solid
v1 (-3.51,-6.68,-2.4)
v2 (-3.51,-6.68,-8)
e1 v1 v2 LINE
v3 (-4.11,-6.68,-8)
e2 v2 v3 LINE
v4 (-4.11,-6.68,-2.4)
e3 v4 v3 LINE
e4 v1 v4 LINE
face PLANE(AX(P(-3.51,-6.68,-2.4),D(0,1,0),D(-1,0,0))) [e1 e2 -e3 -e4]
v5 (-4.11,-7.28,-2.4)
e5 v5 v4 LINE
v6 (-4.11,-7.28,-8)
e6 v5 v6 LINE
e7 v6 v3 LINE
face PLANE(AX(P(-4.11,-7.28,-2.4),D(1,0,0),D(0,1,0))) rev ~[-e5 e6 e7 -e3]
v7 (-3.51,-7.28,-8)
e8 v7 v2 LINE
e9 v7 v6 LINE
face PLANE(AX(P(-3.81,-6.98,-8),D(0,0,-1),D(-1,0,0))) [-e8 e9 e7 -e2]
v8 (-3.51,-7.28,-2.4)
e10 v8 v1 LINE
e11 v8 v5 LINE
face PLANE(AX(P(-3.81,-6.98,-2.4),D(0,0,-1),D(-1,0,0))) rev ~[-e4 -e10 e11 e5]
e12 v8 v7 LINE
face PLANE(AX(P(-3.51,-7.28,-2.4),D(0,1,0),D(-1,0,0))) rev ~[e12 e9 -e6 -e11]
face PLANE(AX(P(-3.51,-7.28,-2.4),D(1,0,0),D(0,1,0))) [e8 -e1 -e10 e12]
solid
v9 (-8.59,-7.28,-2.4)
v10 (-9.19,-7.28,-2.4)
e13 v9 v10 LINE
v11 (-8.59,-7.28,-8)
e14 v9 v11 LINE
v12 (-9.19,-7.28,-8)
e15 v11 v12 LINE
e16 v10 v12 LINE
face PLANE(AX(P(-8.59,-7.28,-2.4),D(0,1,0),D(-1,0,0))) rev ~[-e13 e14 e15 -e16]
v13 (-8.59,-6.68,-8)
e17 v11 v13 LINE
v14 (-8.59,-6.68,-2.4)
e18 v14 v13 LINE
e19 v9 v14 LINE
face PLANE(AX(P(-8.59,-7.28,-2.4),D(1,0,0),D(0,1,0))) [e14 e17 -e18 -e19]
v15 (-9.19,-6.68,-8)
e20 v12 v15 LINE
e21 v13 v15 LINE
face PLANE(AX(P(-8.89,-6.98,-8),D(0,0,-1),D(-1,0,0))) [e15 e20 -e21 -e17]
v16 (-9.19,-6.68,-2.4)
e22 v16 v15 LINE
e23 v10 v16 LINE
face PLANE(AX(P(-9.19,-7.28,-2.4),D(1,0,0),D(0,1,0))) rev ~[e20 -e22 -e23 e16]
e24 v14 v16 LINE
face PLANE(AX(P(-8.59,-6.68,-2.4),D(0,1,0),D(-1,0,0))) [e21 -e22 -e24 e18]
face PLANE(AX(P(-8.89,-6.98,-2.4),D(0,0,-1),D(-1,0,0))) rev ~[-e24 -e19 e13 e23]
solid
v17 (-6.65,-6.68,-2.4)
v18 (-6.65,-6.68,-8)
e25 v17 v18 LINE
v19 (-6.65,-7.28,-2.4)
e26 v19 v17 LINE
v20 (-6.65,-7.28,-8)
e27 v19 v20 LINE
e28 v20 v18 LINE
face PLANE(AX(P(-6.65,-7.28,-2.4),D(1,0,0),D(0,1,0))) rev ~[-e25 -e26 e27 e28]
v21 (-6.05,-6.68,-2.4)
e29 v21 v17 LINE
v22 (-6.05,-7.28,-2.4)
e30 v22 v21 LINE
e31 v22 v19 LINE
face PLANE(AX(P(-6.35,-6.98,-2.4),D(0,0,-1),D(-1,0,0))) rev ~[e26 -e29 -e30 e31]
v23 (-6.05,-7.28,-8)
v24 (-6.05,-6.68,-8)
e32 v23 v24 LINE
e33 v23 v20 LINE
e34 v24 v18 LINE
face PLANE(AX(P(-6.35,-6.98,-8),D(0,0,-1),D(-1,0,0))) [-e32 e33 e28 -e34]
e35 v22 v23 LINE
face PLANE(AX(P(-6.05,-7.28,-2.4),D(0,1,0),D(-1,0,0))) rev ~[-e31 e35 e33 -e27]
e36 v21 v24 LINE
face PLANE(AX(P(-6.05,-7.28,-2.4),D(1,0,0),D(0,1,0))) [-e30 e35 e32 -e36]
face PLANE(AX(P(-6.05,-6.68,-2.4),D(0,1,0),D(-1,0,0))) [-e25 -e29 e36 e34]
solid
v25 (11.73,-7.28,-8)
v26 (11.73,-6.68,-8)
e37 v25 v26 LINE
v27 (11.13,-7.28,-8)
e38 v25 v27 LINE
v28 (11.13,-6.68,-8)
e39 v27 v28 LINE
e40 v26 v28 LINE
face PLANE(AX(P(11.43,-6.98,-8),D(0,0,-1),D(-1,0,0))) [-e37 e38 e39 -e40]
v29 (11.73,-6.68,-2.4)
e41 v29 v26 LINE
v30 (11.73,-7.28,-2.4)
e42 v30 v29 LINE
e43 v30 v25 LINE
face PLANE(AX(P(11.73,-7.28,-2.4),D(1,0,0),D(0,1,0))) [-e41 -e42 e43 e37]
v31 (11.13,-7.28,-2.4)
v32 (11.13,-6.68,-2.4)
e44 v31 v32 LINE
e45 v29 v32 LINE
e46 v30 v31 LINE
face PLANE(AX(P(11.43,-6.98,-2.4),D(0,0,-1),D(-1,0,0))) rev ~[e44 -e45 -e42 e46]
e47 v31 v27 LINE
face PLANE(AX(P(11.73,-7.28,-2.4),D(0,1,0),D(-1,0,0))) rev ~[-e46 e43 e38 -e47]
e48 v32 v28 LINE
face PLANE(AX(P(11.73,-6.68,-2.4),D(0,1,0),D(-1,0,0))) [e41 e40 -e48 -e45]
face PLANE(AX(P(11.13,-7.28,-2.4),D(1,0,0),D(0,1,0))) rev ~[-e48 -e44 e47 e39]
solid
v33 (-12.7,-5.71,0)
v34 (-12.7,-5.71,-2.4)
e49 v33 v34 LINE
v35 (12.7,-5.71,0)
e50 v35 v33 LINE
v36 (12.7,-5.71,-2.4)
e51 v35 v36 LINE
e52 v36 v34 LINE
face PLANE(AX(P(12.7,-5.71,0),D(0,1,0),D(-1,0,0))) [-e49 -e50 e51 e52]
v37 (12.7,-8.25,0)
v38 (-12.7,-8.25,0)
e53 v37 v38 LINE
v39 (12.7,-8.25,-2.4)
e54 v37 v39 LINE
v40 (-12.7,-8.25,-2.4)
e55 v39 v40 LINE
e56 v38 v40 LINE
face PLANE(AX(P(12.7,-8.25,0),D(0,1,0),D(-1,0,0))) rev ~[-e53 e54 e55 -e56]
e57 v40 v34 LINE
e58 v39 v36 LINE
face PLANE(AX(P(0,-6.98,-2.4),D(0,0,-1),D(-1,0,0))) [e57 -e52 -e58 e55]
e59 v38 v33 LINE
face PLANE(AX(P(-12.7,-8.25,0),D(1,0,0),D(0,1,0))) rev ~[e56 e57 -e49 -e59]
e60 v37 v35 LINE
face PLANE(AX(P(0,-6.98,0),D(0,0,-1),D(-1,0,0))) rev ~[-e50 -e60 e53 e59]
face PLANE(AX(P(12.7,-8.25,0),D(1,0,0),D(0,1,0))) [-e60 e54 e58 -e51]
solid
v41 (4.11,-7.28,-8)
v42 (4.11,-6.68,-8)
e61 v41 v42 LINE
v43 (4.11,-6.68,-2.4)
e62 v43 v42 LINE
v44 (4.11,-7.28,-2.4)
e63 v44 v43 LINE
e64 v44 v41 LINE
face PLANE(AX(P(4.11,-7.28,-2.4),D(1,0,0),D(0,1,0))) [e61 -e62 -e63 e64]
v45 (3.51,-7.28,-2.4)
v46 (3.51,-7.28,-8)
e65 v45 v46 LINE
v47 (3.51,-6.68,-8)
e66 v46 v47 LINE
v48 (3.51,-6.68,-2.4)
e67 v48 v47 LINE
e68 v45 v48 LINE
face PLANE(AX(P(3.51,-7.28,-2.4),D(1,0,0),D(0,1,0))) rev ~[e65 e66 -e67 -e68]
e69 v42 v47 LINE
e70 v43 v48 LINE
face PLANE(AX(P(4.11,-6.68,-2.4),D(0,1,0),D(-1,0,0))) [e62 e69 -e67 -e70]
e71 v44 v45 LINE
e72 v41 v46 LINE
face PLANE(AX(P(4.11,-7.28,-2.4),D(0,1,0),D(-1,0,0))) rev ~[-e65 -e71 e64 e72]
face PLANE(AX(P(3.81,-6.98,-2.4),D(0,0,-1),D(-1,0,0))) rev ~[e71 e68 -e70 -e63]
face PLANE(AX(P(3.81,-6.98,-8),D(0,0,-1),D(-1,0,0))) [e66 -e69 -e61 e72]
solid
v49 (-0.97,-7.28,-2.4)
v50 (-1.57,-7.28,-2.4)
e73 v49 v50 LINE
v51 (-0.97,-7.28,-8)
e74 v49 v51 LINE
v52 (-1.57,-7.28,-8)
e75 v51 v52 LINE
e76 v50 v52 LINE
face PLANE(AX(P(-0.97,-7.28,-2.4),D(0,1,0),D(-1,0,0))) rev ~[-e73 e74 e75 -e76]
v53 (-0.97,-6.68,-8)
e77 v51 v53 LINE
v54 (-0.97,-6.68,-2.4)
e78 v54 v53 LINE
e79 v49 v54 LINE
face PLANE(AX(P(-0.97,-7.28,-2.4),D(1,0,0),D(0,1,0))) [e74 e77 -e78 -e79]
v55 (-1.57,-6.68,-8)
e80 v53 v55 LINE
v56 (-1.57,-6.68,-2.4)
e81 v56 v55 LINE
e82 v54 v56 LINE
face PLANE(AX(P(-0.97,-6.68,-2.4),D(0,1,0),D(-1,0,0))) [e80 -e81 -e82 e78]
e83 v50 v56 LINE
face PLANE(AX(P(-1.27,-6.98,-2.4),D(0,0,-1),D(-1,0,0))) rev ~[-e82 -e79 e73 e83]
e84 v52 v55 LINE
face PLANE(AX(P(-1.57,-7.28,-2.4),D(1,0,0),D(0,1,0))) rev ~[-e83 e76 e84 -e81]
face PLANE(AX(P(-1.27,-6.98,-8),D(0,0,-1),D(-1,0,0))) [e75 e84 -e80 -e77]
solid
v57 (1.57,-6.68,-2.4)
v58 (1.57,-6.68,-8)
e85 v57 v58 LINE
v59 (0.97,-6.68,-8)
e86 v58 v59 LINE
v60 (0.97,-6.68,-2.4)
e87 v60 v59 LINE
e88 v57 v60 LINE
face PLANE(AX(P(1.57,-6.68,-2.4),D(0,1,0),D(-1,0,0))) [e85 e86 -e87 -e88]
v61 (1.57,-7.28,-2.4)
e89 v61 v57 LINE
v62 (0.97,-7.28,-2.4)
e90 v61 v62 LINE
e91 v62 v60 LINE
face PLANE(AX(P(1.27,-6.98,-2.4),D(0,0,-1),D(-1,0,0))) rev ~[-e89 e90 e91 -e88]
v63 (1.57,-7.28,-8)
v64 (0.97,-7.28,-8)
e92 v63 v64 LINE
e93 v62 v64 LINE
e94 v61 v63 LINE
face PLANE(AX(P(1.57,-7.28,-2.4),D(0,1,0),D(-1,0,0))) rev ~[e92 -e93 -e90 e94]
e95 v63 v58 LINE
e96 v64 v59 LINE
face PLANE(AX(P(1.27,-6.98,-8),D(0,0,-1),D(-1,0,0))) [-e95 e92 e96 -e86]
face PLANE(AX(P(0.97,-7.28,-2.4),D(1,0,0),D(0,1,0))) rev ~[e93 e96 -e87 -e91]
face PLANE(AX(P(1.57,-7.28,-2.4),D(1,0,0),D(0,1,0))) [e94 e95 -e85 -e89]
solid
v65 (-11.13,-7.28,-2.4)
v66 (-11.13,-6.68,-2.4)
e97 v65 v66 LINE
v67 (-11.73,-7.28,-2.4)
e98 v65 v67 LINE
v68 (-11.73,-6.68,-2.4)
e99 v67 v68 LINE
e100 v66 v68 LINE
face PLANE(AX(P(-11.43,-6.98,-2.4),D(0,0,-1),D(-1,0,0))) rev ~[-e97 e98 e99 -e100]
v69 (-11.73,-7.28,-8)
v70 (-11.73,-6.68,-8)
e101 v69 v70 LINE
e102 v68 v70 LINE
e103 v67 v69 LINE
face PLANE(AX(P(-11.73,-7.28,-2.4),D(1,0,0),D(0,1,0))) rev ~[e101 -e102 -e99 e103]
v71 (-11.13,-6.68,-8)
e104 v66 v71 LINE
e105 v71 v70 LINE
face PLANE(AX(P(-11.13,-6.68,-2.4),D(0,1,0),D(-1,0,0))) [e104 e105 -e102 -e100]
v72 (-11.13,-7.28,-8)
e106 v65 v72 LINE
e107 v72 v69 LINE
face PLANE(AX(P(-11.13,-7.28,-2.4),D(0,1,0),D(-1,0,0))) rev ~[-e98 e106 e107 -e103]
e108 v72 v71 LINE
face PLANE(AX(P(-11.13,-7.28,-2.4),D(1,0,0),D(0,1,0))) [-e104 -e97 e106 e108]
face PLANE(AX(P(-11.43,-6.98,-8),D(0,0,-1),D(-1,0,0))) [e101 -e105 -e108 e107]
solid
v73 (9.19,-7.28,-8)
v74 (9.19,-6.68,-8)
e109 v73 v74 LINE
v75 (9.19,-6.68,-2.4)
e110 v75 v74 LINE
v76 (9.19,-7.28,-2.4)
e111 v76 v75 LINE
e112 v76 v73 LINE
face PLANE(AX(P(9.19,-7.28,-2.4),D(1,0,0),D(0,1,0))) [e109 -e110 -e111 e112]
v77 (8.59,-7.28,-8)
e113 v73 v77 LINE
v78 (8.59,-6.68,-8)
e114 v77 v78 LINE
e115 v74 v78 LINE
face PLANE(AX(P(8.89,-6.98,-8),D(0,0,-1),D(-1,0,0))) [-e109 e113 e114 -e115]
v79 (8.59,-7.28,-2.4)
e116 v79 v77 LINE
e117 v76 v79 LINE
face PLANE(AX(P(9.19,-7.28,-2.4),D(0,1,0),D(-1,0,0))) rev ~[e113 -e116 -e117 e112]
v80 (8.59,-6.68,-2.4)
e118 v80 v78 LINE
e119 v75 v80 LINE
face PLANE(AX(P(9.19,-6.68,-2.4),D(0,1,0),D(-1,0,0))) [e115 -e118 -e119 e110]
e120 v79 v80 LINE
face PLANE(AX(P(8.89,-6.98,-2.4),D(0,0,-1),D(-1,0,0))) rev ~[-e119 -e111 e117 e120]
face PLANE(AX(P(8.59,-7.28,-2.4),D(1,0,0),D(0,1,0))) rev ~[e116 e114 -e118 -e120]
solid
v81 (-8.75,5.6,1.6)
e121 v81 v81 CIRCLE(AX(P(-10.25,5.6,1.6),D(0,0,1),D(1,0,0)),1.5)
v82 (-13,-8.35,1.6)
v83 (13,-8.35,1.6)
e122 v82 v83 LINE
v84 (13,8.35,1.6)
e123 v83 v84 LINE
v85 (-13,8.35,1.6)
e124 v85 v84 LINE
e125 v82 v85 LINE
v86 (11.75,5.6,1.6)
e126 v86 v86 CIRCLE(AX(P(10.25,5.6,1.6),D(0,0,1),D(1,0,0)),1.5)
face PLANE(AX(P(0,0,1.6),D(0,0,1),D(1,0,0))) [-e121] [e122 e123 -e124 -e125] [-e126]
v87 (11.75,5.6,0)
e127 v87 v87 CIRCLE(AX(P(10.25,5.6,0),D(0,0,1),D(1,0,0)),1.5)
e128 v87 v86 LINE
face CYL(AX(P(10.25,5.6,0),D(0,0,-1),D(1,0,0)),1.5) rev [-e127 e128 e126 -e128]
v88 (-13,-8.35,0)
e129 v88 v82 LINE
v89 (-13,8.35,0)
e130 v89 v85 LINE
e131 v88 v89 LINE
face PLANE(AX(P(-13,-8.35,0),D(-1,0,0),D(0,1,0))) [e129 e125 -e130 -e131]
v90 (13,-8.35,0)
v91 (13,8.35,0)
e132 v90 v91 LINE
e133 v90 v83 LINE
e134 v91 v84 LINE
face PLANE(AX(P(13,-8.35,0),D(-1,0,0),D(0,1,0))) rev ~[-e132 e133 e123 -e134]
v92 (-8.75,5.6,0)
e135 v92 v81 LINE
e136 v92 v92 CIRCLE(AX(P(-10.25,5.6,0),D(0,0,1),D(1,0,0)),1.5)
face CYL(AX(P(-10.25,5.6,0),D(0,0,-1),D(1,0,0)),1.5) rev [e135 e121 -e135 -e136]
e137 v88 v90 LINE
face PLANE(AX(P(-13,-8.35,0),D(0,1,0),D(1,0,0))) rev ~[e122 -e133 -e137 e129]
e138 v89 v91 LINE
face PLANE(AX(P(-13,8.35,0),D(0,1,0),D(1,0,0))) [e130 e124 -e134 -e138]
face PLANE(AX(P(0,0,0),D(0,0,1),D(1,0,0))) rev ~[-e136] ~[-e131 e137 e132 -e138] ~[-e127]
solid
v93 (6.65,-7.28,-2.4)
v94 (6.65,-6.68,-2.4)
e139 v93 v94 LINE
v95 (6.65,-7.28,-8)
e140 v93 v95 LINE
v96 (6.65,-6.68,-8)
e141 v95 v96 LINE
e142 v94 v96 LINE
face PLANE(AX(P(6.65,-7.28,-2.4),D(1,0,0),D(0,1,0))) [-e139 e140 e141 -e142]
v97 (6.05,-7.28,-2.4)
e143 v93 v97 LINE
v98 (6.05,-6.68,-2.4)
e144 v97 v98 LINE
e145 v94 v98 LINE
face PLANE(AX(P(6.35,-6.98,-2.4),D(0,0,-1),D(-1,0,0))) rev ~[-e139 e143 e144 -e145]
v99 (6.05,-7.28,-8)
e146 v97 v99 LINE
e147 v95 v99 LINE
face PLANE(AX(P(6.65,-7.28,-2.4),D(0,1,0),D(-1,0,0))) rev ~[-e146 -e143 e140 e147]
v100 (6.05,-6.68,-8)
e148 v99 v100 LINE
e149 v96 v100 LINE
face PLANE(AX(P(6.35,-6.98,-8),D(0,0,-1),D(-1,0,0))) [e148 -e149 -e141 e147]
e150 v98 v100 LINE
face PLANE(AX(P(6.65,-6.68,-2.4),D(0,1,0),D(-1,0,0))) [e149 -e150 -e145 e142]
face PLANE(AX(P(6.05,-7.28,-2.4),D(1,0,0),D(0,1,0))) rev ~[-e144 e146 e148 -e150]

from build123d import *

# Parameters (mm, degrees)
SKIZZE1_W                          = 26
SKIZZE1_H                          = 16.7
SKIZZE1_R                          = 1.5
AUFSATZ_LINEAR_AUSTRAGEN1_DEPTH    = 1.6
SKIZZE3_W                          = 25.4
SKIZZE3_H                          = 2.54
AUFSATZ_LINEAR_AUSTRAGEN2_DEPTH    = 2.4
SKIZZE4_W                          = 0.6
SKIZZE4_H                          = 0.6
AUFSATZ_LINEAR_AUSTRAGEN3_DEPTH    = 5.6
AUFSATZ_LINEAR_AUSTRAGEN3_2_DEPTH  = 5.6
AUFSATZ_LINEAR_AUSTRAGEN3_3_DEPTH  = 5.6
AUFSATZ_LINEAR_AUSTRAGEN3_4_DEPTH  = 5.6
AUFSATZ_LINEAR_AUSTRAGEN3_5_DEPTH  = 5.6
AUFSATZ_LINEAR_AUSTRAGEN3_6_DEPTH  = 5.6
AUFSATZ_LINEAR_AUSTRAGEN3_7_DEPTH  = 5.6
AUFSATZ_LINEAR_AUSTRAGEN3_8_DEPTH  = 5.6
AUFSATZ_LINEAR_AUSTRAGEN3_9_DEPTH  = 5.6
AUFSATZ_LINEAR_AUSTRAGEN3_10_DEPTH = 5.6


with BuildPart() as part:
    # Skizze1 → Aufsatz-Linear austragen1 (new body)
    with BuildSketch(Plane.XY):
        Rectangle(SKIZZE1_W, SKIZZE1_H)
        with Locations((-10.25, 5.6)):
            Circle(SKIZZE1_R, mode=Mode.SUBTRACT)
        with Locations((10.25, 5.6)):
            Circle(SKIZZE1_R, mode=Mode.SUBTRACT)
    extrude(amount=AUFSATZ_LINEAR_AUSTRAGEN1_DEPTH)


with BuildPart() as body_2:
    # Skizze3 → Aufsatz-Linear austragen2 (new body)
    with BuildSketch(Plane(origin=(0, 0, 0), x_dir=(-1, 0, 0), z_dir=(0, 0, -1))):
        with Locations((0, -6.98)):
            Rectangle(SKIZZE3_W, SKIZZE3_H)
    extrude(amount=AUFSATZ_LINEAR_AUSTRAGEN2_DEPTH)


with BuildPart() as body_3:
    # Skizze4 → Aufsatz-Linear austragen3 (new body)
    with BuildSketch(Plane(origin=(0, 0, -2.4), x_dir=(-1, 0, 0), z_dir=(0, 0, -1))):
        with Locations((-11.43, -6.98)):
            Rectangle(SKIZZE4_W, SKIZZE4_H)
    extrude(amount=AUFSATZ_LINEAR_AUSTRAGEN3_DEPTH)


with BuildPart() as body_4:
    # Skizze4 → Aufsatz-Linear austragen3 2 (new body)
    with BuildSketch(Plane(origin=(0, 0, -2.4), x_dir=(-1, 0, 0), z_dir=(0, 0, -1))):
        with Locations((-8.89, -6.98)):
            Rectangle(SKIZZE4_W, SKIZZE4_H)
    extrude(amount=AUFSATZ_LINEAR_AUSTRAGEN3_2_DEPTH)


with BuildPart() as body_5:
    # Skizze4 → Aufsatz-Linear austragen3 3 (new body)
    with BuildSketch(Plane(origin=(0, 0, -2.4), x_dir=(-1, 0, 0), z_dir=(0, 0, -1))):
        with Locations((-6.35, -6.98)):
            Rectangle(SKIZZE4_W, SKIZZE4_H)
    extrude(amount=AUFSATZ_LINEAR_AUSTRAGEN3_3_DEPTH)


with BuildPart() as body_6:
    # Skizze4 → Aufsatz-Linear austragen3 4 (new body)
    with BuildSketch(Plane(origin=(0, 0, -2.4), x_dir=(-1, 0, 0), z_dir=(0, 0, -1))):
        with Locations((-3.81, -6.98)):
            Rectangle(SKIZZE4_W, SKIZZE4_H)
    extrude(amount=AUFSATZ_LINEAR_AUSTRAGEN3_4_DEPTH)


with BuildPart() as body_7:
    # Skizze4 → Aufsatz-Linear austragen3 5 (new body)
    with BuildSketch(Plane(origin=(0, 0, -2.4), x_dir=(-1, 0, 0), z_dir=(0, 0, -1))):
        with Locations((-1.27, -6.98)):
            Rectangle(SKIZZE4_W, SKIZZE4_H)
    extrude(amount=AUFSATZ_LINEAR_AUSTRAGEN3_5_DEPTH)


with BuildPart() as body_8:
    # Skizze4 → Aufsatz-Linear austragen3 6 (new body)
    with BuildSketch(Plane(origin=(0, 0, -2.4), x_dir=(-1, 0, 0), z_dir=(0, 0, -1))):
        with Locations((1.27, -6.98)):
            Rectangle(SKIZZE4_W, SKIZZE4_H)
    extrude(amount=AUFSATZ_LINEAR_AUSTRAGEN3_6_DEPTH)


with BuildPart() as body_9:
    # Skizze4 → Aufsatz-Linear austragen3 7 (new body)
    with BuildSketch(Plane(origin=(0, 0, -2.4), x_dir=(-1, 0, 0), z_dir=(0, 0, -1))):
        with Locations((3.81, -6.98)):
            Rectangle(SKIZZE4_W, SKIZZE4_H)
    extrude(amount=AUFSATZ_LINEAR_AUSTRAGEN3_7_DEPTH)


with BuildPart() as body_10:
    # Skizze4 → Aufsatz-Linear austragen3 8 (new body)
    with BuildSketch(Plane(origin=(0, 0, -2.4), x_dir=(-1, 0, 0), z_dir=(0, 0, -1))):
        with Locations((6.35, -6.98)):
            Rectangle(SKIZZE4_W, SKIZZE4_H)
    extrude(amount=AUFSATZ_LINEAR_AUSTRAGEN3_8_DEPTH)


with BuildPart() as body_11:
    # Skizze4 → Aufsatz-Linear austragen3 9 (new body)
    with BuildSketch(Plane(origin=(0, 0, -2.4), x_dir=(-1, 0, 0), z_dir=(0, 0, -1))):
        with Locations((8.89, -6.98)):
            Rectangle(SKIZZE4_W, SKIZZE4_H)
    extrude(amount=AUFSATZ_LINEAR_AUSTRAGEN3_9_DEPTH)


with BuildPart() as body_12:
    # Skizze4 → Aufsatz-Linear austragen3 10 (new body)
    with BuildSketch(Plane(origin=(0, 0, -2.4), x_dir=(-1, 0, 0), z_dir=(0, 0, -1))):
        with Locations((11.43, -6.98)):
            Rectangle(SKIZZE4_W, SKIZZE4_H)
    extrude(amount=AUFSATZ_LINEAR_AUSTRAGEN3_10_DEPTH)


solid = Compound([part.part, body_2.part, body_3.part, body_4.part, body_5.part, body_6.part, body_7.part, body_8.part, body_9.part, body_10.part, body_11.part, body_12.part])
